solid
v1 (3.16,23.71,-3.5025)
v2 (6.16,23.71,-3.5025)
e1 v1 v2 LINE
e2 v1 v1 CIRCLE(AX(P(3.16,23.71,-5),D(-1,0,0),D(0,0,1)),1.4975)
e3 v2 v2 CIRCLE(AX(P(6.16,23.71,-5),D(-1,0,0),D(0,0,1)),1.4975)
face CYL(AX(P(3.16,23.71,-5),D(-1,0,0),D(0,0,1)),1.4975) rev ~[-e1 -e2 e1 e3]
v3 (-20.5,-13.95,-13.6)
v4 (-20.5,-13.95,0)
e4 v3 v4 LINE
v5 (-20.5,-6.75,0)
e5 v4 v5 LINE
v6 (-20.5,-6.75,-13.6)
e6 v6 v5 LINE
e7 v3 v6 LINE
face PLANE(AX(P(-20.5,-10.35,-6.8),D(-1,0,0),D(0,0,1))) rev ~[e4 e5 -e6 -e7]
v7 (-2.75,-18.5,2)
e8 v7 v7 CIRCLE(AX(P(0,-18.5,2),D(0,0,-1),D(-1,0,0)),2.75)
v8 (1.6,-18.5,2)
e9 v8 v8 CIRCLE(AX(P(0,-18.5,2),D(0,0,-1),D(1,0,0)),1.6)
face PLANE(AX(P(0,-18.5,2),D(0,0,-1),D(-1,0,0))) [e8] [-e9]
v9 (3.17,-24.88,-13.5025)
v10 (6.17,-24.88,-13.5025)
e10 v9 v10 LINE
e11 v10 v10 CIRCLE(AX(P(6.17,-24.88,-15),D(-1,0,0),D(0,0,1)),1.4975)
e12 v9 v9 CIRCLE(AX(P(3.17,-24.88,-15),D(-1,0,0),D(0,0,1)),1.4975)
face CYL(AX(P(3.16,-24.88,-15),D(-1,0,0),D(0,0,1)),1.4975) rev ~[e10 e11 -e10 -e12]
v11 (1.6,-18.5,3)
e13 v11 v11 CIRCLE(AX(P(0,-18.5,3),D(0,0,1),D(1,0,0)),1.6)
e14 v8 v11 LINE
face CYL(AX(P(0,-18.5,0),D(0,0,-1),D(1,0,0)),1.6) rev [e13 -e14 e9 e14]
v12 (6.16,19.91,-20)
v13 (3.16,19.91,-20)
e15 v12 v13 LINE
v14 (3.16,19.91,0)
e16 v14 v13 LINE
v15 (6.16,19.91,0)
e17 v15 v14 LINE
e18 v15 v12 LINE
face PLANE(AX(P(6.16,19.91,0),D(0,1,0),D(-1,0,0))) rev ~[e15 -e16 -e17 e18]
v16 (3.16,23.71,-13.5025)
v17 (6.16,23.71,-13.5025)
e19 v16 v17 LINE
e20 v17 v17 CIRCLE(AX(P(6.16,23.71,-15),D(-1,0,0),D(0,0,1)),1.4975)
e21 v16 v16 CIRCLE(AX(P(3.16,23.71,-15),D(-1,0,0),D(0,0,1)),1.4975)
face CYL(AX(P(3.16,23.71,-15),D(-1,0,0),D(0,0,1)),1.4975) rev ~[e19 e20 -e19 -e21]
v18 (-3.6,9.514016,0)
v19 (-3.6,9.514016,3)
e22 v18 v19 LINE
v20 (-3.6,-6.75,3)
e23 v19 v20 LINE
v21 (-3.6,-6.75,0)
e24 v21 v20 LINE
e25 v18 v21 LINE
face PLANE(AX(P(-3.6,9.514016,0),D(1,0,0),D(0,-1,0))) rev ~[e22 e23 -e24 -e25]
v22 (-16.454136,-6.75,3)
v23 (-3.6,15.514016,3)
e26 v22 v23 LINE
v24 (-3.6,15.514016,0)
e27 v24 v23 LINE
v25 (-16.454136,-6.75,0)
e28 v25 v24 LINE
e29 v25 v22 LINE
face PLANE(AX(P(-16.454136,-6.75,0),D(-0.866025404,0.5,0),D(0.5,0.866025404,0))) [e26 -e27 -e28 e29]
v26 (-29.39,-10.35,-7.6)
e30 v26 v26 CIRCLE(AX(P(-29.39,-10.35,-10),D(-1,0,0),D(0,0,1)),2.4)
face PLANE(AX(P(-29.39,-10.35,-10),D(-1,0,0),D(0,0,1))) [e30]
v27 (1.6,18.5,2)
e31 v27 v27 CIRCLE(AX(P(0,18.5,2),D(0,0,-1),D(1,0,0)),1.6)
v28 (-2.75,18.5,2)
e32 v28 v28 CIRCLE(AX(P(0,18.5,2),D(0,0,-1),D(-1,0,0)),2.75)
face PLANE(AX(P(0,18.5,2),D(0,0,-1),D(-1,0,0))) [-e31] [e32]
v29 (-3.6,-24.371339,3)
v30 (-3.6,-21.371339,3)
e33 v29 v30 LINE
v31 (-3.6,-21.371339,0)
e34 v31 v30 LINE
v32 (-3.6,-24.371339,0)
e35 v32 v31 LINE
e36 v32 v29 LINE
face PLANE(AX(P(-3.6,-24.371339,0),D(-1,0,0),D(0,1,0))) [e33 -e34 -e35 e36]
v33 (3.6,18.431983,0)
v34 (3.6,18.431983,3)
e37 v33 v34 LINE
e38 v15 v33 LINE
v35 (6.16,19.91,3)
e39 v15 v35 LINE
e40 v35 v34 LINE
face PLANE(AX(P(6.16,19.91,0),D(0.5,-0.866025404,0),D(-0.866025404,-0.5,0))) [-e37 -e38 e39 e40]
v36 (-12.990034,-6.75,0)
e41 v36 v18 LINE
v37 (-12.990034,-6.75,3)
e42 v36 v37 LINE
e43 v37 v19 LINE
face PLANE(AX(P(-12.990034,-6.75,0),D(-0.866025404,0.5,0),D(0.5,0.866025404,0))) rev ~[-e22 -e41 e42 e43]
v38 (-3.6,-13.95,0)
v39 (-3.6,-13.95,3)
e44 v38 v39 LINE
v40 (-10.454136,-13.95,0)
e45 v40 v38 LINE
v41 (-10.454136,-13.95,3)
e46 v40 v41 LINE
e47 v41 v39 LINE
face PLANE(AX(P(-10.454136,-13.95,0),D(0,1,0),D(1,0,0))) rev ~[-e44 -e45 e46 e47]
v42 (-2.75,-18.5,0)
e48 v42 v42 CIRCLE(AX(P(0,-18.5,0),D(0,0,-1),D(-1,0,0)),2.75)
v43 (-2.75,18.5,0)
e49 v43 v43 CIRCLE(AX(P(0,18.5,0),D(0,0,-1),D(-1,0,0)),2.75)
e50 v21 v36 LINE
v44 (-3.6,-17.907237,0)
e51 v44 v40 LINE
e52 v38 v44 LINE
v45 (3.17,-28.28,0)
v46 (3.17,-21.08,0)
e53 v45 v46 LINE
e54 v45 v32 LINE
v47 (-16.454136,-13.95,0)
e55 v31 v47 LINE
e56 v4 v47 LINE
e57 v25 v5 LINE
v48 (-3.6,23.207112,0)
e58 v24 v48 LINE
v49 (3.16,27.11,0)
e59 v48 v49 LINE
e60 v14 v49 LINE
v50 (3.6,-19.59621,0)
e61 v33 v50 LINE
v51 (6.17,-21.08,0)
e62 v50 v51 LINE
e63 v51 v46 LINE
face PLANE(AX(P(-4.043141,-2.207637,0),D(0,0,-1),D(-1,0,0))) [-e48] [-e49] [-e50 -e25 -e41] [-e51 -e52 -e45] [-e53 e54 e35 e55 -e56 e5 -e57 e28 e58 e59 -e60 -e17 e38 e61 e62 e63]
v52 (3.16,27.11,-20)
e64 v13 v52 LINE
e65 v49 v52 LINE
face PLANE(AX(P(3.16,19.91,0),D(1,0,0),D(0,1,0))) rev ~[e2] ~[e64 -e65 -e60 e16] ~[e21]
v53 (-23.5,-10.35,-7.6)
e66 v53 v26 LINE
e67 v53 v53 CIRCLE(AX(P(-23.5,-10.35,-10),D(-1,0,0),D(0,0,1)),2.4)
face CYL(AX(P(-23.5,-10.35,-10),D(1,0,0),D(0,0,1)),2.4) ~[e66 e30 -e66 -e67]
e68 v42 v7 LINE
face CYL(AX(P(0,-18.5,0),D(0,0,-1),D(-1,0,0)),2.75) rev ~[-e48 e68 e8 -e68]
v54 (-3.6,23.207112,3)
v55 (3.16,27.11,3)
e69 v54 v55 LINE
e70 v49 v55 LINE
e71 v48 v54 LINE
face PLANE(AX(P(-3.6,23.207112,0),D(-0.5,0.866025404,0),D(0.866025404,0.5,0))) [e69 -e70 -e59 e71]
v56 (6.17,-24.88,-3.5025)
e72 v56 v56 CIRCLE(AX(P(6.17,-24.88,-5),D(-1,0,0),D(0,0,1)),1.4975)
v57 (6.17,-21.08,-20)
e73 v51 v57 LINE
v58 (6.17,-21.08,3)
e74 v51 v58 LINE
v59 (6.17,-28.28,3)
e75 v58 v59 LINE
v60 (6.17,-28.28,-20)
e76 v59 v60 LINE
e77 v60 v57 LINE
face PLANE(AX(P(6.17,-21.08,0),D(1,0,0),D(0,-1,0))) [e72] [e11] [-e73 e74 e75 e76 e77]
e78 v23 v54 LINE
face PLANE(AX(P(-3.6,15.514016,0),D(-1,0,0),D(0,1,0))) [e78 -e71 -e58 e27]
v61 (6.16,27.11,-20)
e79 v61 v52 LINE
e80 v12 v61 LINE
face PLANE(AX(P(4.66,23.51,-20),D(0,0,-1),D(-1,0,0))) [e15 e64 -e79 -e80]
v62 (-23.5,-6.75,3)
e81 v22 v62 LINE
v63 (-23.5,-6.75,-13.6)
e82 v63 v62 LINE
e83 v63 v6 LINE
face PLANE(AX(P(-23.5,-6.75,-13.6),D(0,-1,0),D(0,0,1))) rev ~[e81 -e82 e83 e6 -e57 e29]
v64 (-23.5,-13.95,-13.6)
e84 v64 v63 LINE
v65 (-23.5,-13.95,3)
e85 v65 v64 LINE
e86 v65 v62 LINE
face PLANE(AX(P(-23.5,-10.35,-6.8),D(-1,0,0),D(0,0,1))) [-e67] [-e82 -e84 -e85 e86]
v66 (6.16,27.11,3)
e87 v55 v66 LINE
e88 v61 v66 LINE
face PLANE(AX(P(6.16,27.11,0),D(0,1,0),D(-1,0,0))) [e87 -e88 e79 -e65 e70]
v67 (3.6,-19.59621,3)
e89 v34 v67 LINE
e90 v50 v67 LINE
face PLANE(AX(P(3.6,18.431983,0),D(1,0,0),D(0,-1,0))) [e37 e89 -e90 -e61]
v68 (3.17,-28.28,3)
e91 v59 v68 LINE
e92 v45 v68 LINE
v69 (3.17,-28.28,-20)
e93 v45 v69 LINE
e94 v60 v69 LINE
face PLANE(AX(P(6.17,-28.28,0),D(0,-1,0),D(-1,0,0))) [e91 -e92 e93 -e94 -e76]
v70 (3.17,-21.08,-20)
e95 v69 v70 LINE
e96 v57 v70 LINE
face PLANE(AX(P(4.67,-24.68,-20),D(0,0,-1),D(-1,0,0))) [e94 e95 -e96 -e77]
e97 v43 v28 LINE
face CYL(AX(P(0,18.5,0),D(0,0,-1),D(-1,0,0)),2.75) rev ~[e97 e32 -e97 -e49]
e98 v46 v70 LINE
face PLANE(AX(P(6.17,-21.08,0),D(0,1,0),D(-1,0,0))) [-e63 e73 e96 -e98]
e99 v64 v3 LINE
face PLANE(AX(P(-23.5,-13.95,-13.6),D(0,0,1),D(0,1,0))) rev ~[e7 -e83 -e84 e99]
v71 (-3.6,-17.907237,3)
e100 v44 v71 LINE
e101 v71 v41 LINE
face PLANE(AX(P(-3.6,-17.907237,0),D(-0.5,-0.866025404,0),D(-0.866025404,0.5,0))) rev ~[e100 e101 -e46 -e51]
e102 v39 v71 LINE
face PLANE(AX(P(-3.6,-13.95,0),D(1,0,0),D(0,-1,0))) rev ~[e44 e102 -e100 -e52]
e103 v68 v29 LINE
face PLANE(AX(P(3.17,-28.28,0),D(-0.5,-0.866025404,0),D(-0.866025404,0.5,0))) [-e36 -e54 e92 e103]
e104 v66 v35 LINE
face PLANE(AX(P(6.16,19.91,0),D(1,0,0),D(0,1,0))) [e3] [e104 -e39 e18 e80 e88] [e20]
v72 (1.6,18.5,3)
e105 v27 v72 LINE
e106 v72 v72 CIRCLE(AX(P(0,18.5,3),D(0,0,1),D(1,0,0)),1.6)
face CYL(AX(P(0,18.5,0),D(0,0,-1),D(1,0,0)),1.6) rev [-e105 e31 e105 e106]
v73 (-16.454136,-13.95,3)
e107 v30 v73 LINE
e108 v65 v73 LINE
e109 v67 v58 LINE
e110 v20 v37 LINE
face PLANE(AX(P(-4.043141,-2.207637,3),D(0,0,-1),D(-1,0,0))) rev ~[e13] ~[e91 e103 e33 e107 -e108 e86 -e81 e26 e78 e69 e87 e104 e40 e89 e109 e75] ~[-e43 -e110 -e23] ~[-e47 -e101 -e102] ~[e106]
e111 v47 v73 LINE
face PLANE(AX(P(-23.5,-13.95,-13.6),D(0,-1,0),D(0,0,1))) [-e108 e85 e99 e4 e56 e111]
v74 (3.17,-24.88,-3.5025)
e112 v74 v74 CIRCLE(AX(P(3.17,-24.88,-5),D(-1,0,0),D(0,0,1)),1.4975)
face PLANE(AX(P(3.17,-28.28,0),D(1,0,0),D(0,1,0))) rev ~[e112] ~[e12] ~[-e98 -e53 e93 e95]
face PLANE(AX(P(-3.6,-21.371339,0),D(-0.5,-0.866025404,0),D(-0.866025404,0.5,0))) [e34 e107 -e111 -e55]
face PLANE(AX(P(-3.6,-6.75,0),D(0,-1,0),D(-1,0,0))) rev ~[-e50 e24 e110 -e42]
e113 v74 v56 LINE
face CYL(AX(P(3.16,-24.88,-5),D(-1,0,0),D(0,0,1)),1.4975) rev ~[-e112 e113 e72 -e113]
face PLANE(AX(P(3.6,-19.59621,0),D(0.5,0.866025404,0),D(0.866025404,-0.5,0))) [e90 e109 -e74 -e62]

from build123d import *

# Parameters (mm, degrees)
SKETCH1_R           = 1.6
BOSS_EXTRUDE1_DEPTH = 3
SKETCH2_R           = 2.75
CUT_EXTRUDE1_DEPTH  = 2
SKETCH4_W           = 3
SKETCH4_H           = 7.2
BOSS_EXTRUDE2_DEPTH = 20
CUT_EXTRUDE2_REACH  = 5.01
SKETCH5_R           = 1.4975
SKETCH7_W           = 13.6
SKETCH7_H           = 7.2
BOSS_EXTRUDE3_DEPTH = 3
SKETCH8_R           = 2.4
BOSS_EXTRUDE4_DEPTH = 5.89


with BuildPart() as part:
    # Sketch1 → Boss-Extrude1 (new body)
    with BuildSketch(Plane.XY):
        Polygon((3.6, 18.431983311), (3.6, -19.596209808), (6.17, -21.08), (6.17, -28.28), (3.17, -28.28), (-3.6, -24.371338678), (-3.6, -21.371338678), (-16.45413565, -13.95), (-20.5, -13.95), (-23.5, -13.95), (-23.5, -6.75), (-20.5, -6.75), (-16.45413565, -6.75), (-3.6, 15.514016033), (-3.6, 23.20711218), (3.16, 27.11), (6.16, 27.11), (6.16, 19.91), align=None)
        with Locations((0, 18.5)):
            Circle(SKETCH1_R, mode=Mode.SUBTRACT)
        with Locations((0, -18.5)):
            Circle(SKETCH1_R, mode=Mode.SUBTRACT)
        Polygon((-10.45413565, -13.95), (-3.6, -13.95), (-3.6, -17.907237062), align=None, mode=Mode.SUBTRACT)
        Polygon((-3.6, -6.75), (-12.990034035, -6.75), (-3.6, 9.514016033), align=None, mode=Mode.SUBTRACT)
    extrude(amount=BOSS_EXTRUDE1_DEPTH)

    # Sketch2 → Cut-Extrude1 (cut)
    with BuildSketch(Plane(origin=(0, 0, 0), x_dir=(-1, 0, 0), z_dir=(0, 0, -1))):
        with Locations((0, 18.5)):
            Circle(SKETCH2_R)
        with Locations((0, -18.5)):
            Circle(SKETCH2_R)
    extrude(amount=-CUT_EXTRUDE1_DEPTH, mode=Mode.SUBTRACT)

    # Sketch4 → Boss-Extrude2 (add)
    with BuildSketch(Plane(origin=(0, 0, 0), x_dir=(-1, 0, 0), z_dir=(0, 0, -1))):
        with Locations((-4.66, 23.51)):
            Rectangle(SKETCH4_W, SKETCH4_H)
        with Locations((-4.67, -24.68)):
            Rectangle(SKETCH4_W, SKETCH4_H)
    extrude(amount=BOSS_EXTRUDE2_DEPTH)

    # Sketch5 → Cut-Extrude2 (cut, up to next)
    with BuildSketch(Plane.ZY.offset(-3.16), mode=Mode.PRIVATE) as cut_extrude2_sk1:
        with Locations((-5, 23.71)):
            Circle(SKETCH5_R)
    cut_extrude2_tool1 = extrude(cut_extrude2_sk1.sketch, amount=-CUT_EXTRUDE2_REACH, mode=Mode.PRIVATE) & part.part
    add(cut_extrude2_tool1.solids().sort_by_distance((3.16, 23.71, -5))[0], mode=Mode.SUBTRACT)
    # Sketch5 → Cut-Extrude2 (cut, up to next)
    with BuildSketch(Plane.ZY.offset(-3.16), mode=Mode.PRIVATE) as cut_extrude2_sk2:
        with Locations((-15, 23.71)):
            Circle(SKETCH5_R)
    cut_extrude2_tool2 = extrude(cut_extrude2_sk2.sketch, amount=-CUT_EXTRUDE2_REACH, mode=Mode.PRIVATE) & part.part
    add(cut_extrude2_tool2.solids().sort_by_distance((3.16, 23.71, -15))[0], mode=Mode.SUBTRACT)
    # Sketch5 → Cut-Extrude2 (cut, up to next)
    with BuildSketch(Plane.ZY.offset(-3.16), mode=Mode.PRIVATE) as cut_extrude2_sk3:
        with Locations((-15, -24.88)):
            Circle(SKETCH5_R)
    cut_extrude2_tool3 = extrude(cut_extrude2_sk3.sketch, amount=-CUT_EXTRUDE2_REACH, mode=Mode.PRIVATE) & part.part
    add(cut_extrude2_tool3.solids().sort_by_distance((3.16, -24.88, -15))[0], mode=Mode.SUBTRACT)
    # Sketch5 → Cut-Extrude2 (cut, up to next)
    with BuildSketch(Plane.ZY.offset(-3.16), mode=Mode.PRIVATE) as cut_extrude2_sk4:
        with Locations((-5, -24.88)):
            Circle(SKETCH5_R)
    cut_extrude2_tool4 = extrude(cut_extrude2_sk4.sketch, amount=-CUT_EXTRUDE2_REACH, mode=Mode.PRIVATE) & part.part
    add(cut_extrude2_tool4.solids().sort_by_distance((3.16, -24.88, -5))[0], mode=Mode.SUBTRACT)

    # Sketch7 → Boss-Extrude3 (add)
    with BuildSketch(Plane.ZY.offset(23.5)):
        with Locations((-6.8, -10.35)):
            Rectangle(SKETCH7_W, SKETCH7_H)
    extrude(amount=-BOSS_EXTRUDE3_DEPTH)

    # Sketch8 → Boss-Extrude4 (add)
    with BuildSketch(Plane.ZY.offset(23.5)):
        with Locations((-10, -10.35)):
            Circle(SKETCH8_R)
    extrude(amount=BOSS_EXTRUDE4_DEPTH)


solid = part.part
